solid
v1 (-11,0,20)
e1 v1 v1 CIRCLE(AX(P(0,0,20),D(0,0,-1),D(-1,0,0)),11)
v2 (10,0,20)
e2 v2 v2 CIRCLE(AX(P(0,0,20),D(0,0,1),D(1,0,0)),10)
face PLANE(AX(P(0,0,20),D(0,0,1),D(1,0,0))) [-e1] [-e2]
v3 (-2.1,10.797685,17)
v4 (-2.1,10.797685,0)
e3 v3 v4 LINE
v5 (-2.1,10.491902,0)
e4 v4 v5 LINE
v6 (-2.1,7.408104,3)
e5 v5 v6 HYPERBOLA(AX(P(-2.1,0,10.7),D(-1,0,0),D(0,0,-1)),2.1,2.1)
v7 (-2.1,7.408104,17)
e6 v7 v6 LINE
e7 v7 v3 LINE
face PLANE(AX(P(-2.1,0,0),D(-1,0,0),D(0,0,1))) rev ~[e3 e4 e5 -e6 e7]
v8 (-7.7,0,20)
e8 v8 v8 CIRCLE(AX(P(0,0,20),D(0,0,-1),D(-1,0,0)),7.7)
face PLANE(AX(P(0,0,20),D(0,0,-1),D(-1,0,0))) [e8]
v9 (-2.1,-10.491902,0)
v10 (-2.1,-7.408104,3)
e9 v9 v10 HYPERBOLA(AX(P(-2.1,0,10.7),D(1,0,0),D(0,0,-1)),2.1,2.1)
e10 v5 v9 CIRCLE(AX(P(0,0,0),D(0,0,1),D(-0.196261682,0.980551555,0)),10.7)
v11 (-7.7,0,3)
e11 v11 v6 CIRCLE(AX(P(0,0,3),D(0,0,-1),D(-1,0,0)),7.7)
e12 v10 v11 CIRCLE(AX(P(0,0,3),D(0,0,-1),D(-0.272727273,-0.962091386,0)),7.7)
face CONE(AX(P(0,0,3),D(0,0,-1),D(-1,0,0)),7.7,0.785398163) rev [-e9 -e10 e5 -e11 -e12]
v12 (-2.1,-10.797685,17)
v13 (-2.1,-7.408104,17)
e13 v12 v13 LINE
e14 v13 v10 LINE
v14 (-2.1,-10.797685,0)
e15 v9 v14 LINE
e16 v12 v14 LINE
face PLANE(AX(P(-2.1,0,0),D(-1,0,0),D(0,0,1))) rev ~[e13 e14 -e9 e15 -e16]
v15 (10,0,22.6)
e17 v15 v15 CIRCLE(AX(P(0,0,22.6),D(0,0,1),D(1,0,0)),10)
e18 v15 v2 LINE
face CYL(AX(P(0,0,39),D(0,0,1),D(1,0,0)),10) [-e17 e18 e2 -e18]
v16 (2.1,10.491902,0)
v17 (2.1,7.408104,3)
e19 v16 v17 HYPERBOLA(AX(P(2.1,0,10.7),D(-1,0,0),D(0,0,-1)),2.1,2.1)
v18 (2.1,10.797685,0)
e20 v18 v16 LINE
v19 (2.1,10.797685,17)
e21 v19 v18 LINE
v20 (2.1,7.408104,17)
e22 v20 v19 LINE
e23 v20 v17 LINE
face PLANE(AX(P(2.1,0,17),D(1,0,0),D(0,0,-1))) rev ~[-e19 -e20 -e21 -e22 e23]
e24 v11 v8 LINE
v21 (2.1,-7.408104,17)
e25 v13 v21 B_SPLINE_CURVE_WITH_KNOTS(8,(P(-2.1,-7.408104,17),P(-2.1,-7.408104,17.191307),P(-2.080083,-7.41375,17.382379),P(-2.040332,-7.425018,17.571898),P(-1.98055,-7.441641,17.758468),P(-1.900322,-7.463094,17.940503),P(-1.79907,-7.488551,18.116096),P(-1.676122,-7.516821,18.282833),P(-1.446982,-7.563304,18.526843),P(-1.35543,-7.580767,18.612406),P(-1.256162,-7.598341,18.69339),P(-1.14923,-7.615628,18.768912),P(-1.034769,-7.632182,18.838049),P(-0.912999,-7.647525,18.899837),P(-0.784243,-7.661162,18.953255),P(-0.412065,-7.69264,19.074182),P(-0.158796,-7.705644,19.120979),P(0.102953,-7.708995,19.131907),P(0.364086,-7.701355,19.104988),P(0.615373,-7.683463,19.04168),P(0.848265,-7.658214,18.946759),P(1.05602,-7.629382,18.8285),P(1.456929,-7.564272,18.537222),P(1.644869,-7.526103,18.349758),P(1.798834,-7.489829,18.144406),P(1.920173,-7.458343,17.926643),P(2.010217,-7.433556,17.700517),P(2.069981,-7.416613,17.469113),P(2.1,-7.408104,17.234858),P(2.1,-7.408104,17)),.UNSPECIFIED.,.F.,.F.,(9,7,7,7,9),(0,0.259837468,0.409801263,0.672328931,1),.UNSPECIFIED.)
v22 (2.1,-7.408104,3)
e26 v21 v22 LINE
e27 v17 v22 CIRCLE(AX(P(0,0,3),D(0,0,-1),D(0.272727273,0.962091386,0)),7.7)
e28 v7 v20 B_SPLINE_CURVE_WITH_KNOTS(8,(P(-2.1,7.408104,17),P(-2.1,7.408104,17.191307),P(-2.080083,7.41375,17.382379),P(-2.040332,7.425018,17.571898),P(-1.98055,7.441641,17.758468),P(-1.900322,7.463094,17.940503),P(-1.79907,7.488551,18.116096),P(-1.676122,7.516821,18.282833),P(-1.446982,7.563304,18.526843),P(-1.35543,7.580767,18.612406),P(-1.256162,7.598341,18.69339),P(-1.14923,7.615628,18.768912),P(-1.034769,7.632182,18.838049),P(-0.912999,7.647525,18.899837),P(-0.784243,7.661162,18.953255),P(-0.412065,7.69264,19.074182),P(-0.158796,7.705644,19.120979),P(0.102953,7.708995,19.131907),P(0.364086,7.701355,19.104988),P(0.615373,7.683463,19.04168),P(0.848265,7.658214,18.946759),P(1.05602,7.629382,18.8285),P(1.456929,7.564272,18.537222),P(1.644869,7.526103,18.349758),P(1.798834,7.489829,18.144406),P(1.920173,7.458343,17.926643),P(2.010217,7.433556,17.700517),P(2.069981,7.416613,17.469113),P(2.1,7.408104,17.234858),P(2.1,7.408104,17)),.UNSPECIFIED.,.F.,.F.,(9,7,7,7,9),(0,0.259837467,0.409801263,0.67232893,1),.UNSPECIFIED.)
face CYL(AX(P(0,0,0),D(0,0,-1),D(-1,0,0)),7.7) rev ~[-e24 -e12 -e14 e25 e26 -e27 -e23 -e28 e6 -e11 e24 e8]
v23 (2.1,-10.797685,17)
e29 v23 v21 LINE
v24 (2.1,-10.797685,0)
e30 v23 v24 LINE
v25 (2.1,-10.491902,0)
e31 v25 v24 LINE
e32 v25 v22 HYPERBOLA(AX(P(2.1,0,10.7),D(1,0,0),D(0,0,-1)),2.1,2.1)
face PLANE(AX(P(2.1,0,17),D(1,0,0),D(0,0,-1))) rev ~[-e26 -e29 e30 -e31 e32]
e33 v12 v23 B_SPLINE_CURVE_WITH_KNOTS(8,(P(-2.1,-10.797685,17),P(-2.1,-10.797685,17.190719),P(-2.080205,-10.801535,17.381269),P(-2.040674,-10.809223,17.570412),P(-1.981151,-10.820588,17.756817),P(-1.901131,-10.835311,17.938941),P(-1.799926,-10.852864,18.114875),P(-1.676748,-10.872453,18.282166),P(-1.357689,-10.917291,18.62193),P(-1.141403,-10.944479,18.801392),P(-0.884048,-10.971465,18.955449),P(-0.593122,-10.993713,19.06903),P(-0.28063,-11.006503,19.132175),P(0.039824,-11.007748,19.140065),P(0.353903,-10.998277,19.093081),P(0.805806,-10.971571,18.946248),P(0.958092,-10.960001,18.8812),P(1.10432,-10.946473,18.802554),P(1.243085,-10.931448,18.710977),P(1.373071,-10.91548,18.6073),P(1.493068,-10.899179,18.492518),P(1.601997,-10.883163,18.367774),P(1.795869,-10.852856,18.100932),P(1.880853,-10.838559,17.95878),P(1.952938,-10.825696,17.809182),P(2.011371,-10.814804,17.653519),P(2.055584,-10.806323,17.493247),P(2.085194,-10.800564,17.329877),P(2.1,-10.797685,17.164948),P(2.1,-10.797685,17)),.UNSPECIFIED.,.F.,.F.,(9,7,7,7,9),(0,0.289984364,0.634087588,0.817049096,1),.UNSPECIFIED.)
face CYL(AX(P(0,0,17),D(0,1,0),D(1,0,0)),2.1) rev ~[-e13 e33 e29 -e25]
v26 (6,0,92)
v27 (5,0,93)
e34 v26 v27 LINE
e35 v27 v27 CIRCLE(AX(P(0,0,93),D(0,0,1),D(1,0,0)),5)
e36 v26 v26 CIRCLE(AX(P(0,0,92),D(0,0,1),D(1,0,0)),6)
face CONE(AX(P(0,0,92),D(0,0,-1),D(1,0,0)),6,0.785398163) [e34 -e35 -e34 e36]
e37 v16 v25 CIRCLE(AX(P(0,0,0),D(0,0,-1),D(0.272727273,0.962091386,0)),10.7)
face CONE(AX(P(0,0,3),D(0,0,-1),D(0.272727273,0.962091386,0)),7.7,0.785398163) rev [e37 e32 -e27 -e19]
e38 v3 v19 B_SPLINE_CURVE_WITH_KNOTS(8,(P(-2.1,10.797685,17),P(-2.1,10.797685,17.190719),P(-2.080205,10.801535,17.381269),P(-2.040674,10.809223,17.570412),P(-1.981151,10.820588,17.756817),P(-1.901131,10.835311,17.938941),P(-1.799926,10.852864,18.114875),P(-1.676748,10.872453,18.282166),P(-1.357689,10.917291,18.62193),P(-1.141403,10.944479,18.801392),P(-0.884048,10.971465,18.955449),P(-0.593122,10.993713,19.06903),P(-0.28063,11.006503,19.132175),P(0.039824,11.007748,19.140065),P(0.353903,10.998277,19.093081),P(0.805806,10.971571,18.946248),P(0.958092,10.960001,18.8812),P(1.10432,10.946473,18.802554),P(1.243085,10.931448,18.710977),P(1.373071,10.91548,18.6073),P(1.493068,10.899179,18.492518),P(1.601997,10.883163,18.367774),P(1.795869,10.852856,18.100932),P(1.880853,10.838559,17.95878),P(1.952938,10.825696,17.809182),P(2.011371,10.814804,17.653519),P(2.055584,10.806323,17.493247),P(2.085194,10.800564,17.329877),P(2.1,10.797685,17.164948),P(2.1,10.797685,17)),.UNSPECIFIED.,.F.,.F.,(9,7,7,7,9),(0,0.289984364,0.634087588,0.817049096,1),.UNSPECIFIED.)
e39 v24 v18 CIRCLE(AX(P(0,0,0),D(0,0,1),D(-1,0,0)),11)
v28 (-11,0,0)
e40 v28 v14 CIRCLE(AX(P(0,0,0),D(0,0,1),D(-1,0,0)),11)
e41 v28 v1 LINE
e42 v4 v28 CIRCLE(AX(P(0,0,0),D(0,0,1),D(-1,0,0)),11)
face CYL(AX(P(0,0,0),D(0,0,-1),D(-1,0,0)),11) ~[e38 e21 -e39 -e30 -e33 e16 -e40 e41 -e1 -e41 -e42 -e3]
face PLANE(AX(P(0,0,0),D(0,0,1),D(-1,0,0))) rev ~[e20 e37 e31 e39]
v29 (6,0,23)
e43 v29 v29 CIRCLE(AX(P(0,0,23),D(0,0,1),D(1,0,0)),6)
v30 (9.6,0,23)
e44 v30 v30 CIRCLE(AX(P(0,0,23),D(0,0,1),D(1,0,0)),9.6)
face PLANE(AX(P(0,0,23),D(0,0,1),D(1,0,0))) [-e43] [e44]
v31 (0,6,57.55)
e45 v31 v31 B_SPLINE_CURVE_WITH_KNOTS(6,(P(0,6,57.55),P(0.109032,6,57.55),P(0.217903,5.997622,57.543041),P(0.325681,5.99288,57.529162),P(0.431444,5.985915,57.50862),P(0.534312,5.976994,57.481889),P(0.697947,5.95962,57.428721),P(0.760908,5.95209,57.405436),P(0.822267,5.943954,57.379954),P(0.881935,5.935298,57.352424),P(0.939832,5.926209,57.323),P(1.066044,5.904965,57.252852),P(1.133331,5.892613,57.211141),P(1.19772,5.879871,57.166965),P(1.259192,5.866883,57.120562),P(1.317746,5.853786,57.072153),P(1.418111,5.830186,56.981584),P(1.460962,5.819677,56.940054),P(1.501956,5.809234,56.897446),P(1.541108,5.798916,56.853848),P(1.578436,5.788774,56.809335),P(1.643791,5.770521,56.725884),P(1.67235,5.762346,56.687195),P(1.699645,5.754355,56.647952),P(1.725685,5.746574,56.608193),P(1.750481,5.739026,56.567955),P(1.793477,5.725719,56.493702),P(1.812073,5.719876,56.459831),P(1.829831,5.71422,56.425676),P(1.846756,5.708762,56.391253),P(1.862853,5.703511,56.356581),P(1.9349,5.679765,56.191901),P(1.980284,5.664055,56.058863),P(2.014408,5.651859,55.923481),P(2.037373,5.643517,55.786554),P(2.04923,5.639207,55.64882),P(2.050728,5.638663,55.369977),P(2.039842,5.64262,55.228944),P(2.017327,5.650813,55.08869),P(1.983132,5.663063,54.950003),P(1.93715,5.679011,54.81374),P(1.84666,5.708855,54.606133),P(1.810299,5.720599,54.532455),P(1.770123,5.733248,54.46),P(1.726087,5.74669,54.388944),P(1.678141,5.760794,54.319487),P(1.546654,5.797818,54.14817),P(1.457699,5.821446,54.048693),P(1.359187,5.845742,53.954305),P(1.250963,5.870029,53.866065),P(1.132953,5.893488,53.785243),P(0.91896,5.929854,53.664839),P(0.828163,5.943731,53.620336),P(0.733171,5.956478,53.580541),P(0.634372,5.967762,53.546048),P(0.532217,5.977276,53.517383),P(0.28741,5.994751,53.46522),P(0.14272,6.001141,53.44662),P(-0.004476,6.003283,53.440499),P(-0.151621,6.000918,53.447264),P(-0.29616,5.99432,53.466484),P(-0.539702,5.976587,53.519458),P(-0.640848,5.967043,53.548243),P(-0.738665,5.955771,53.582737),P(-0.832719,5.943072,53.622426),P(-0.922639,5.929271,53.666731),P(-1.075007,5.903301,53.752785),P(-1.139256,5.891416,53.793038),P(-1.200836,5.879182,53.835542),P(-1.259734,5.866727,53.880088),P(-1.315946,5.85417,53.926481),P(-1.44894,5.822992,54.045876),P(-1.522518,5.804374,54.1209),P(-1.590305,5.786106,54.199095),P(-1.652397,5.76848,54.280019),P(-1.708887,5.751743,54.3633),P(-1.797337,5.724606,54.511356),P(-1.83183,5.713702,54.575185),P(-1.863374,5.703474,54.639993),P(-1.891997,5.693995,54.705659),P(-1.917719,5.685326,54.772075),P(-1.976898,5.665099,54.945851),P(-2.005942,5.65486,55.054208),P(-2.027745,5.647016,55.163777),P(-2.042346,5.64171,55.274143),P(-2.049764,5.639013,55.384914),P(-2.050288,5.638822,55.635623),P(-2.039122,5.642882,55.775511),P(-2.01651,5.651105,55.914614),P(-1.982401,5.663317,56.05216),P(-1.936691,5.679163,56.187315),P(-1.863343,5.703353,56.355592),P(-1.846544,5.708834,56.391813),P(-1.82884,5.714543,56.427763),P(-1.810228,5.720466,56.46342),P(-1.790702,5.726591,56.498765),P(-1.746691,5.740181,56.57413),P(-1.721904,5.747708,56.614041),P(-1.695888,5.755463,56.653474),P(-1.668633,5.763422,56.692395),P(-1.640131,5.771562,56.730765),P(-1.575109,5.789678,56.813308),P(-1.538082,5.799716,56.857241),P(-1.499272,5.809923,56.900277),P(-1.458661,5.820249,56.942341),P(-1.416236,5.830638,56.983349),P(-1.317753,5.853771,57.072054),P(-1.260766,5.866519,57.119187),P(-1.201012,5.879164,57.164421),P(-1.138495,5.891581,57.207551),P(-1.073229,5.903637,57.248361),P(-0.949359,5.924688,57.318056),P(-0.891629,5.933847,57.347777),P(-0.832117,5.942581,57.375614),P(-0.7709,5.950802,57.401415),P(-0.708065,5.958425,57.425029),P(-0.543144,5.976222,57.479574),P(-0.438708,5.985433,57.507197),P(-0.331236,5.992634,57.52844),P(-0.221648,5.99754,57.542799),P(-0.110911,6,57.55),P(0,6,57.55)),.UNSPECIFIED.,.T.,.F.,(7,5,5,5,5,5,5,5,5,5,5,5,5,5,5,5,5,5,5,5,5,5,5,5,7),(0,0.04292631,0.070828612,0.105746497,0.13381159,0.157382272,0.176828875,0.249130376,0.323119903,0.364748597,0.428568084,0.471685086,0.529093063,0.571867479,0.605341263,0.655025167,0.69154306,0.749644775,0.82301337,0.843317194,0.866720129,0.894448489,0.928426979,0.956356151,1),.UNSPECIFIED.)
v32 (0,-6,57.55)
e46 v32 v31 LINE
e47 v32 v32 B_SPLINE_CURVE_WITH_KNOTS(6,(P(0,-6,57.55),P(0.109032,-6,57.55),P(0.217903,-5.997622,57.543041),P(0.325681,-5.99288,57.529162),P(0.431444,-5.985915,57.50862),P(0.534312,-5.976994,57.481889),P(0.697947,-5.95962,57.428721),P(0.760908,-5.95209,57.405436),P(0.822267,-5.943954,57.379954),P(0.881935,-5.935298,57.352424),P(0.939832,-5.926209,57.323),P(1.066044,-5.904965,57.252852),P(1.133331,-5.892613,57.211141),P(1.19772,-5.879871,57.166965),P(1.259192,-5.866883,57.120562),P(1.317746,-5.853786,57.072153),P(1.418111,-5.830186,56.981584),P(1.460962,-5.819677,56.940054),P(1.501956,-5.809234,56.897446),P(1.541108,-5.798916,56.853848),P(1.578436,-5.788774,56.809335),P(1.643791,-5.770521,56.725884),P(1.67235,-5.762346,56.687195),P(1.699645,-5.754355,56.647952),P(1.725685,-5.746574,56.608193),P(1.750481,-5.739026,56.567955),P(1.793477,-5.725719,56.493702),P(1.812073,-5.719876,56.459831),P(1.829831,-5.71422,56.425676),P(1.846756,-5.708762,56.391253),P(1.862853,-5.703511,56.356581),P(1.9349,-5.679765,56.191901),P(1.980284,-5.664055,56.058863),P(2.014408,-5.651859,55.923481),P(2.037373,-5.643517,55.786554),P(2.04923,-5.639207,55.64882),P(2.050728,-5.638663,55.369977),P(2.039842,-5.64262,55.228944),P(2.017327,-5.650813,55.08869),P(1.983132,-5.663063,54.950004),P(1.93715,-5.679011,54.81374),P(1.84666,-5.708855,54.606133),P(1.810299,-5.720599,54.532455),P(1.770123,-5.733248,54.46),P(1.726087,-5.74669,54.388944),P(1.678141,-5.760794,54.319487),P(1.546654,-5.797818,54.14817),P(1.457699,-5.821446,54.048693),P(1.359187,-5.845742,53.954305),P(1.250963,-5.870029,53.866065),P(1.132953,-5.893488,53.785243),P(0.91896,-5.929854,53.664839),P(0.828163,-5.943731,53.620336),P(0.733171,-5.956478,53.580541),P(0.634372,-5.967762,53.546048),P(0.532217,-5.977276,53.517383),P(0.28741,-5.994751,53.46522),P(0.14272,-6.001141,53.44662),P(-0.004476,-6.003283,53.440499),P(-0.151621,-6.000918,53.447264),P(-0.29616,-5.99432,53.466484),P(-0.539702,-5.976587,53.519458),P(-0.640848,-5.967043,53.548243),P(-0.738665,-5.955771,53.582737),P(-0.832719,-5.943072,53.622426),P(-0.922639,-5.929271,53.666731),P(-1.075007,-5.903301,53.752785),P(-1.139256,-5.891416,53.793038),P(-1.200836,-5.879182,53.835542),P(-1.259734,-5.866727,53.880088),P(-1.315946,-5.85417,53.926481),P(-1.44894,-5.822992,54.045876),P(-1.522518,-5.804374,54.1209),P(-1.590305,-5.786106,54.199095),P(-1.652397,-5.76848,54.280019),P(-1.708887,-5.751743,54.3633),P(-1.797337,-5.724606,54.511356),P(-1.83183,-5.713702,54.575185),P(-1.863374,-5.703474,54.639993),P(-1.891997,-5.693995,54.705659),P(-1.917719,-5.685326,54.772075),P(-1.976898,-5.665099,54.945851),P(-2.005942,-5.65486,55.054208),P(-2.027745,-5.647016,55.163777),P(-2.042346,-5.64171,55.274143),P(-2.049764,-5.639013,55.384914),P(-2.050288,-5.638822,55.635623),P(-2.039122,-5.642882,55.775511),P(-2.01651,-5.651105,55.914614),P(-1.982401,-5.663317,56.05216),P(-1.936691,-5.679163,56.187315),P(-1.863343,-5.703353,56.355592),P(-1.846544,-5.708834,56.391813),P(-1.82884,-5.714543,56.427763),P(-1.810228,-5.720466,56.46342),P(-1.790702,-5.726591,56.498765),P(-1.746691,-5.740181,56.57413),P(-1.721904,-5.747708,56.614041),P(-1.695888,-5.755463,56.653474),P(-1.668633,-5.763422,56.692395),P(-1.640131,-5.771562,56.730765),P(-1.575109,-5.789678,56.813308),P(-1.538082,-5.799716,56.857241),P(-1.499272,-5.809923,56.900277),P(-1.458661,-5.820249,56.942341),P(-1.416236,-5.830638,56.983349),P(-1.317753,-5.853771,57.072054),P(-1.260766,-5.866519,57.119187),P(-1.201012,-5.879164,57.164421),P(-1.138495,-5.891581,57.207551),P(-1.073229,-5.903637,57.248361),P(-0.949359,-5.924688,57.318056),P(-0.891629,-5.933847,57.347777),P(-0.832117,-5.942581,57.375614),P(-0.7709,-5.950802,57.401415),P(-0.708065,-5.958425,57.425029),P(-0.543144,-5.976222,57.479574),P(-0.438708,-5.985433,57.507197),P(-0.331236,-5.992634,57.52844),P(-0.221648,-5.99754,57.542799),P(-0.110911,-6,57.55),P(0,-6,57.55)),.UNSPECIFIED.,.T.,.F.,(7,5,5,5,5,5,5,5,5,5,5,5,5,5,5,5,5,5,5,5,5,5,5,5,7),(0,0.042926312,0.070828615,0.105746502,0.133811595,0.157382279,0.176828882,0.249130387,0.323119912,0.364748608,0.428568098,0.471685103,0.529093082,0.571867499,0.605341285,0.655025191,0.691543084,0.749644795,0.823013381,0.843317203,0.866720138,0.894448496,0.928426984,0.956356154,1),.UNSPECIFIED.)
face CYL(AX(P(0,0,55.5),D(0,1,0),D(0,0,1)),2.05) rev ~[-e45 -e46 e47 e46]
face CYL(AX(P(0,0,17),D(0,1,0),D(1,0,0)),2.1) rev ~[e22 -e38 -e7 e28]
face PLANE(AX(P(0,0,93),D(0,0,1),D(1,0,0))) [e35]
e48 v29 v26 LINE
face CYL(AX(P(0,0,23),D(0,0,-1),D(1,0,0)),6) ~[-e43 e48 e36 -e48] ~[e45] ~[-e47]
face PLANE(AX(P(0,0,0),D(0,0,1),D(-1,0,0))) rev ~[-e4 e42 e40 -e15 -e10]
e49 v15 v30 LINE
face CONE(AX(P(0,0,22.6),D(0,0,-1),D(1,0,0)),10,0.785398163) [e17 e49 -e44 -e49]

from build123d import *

# Parameters (mm, degrees)
SKETCH_1_R           = 11
EXTRUDE_1_DEPTH      = 29
SKETCH_2_OUTSIDE_W   = 32.506
SKETCH_2_OUTSIDE_H   = 32.506
SKETCH_2_OUTSIDE_R   = 10
CUT_EXTRUDE_1_DEPTH  = 9
SKETCH_3_R           = 7.7
CUT_EXTRUDE_2_DEPTH  = 20
SKETCH_4_R           = 2.1
CUT_EXTRUDE_3_DEPTH  = 25
CHAMFER_1_SIZE       = 3
EXTRUDE_START        = 10
SKETCH_5_R           = 10
EXTRUDE_2_DEPTH      = 10
CUT_EXTRUDE_5_DEPTH  = 19
CUT_EXTRUDE_6_DEPTH  = 19
CHAMFER_2_SIZE       = 0.4
SKETCH_12_R          = 10
CUT_EXTRUDE_9_DEPTH  = 16
SKETCH_13_R          = 4.1
CUT_EXTRUDE_10_DEPTH = 3
CHAMFER_3_SIZE       = 0.4
SKETCH_15_R          = 4.1
EXTRUDE_3_DEPTH      = 3
SKETCH_16_R          = 6
EXTRUDE_4_DEPTH      = 70
CHAMFER_4_SIZE       = 1
SKETCH_17_R          = 2.05
CUT_EXTRUDE_12_DEPTH = 35


with BuildPart() as part:
    # 草图1 → 凸台-拉伸1 (new body)
    with BuildSketch(Plane.XY):
        with Locations(Location((0, 0, 0), (0, 0, 180))):
            Circle(SKETCH_1_R)
    extrude(amount=EXTRUDE_1_DEPTH)

    # 草图2 outside → 切除-拉伸1 (cut)
    with BuildSketch(Plane.XY.offset(29)):
        Rectangle(SKETCH_2_OUTSIDE_W, SKETCH_2_OUTSIDE_H)
        Circle(SKETCH_2_OUTSIDE_R, mode=Mode.SUBTRACT)
    extrude(amount=-CUT_EXTRUDE_1_DEPTH, mode=Mode.SUBTRACT)

    # 草图3 → 切除-拉伸2 (cut)
    with BuildSketch(Plane(origin=(0, 0, 0), x_dir=(-1, 0, 0), z_dir=(0, 0, -1))):
        Circle(SKETCH_3_R)
    extrude(amount=-CUT_EXTRUDE_2_DEPTH, mode=Mode.SUBTRACT)

    # 草图4 → 切除-拉伸3 (cut, symmetric)
    with BuildSketch(Plane(origin=(0, 0, 0), x_dir=(1, 0, 0), z_dir=(0, 1, 0))):
        with BuildLine():
            Line((-2.1, 0), (-2.1, -17))
            ThreePointArc((-2.1, -17), (0, -14.9), (2.1, -17))
            Line((2.1, -17), (2.1, 0))
            Line((2.1, 0), (-2.1, 0))
        make_face()
        with Locations((0, -17)):
            Circle(SKETCH_4_R)
    extrude(amount=CUT_EXTRUDE_3_DEPTH, both=True, mode=Mode.SUBTRACT)

    # 倒角1
    chamfer_1_edges = [part.edges().sort_by_distance(p)[0] for p in [
        (7.7, 0, 0),
        (-6.142475071, -4.643274706, 0),
    ]]
    chamfer(chamfer_1_edges, length=CHAMFER_1_SIZE)

    # 草图5 → 凸台-拉伸2 (add)
    with BuildSketch(Plane.XY.offset(29).offset(EXTRUDE_START)):
        Circle(SKETCH_5_R)
    extrude(amount=-EXTRUDE_2_DEPTH)

    # 草图6 → 切除-拉伸5 (cut)
    with BuildSketch(Plane.XY.offset(39)):
        with BuildLine():
            Line((3.122498999, 2.5), (-3.122498999, 2.5))
            ThreePointArc((-3.122498999, 2.5), (-1.324764885, -3.774254628), (4, 0))
            ThreePointArc((4, 0), (3.774254628, 1.324764885), (3.122498999, 2.5))
        make_face()
    extrude(amount=-CUT_EXTRUDE_5_DEPTH, mode=Mode.SUBTRACT)

    # 草图7 → 切除-拉伸6 (cut)
    with BuildSketch(Plane.XY.offset(39)):
        with BuildLine():
            Line((3.170173497, 2.6), (-3.170173497, 2.6))
            ThreePointArc((-3.170173497, 2.6), (0, -4.1), (3.170173497, 2.6))
        make_face()
    extrude(amount=-CUT_EXTRUDE_6_DEPTH, mode=Mode.SUBTRACT)

    # 倒角2
    chamfer_2_edges = [part.edges().sort_by_distance(p)[0] for p in [
        (0, -4.1, 39),
        (0, 2.6, 39),
    ]]
    chamfer(chamfer_2_edges, length=CHAMFER_2_SIZE)

    # 草图12 → 切除-拉伸9 (cut)
    with BuildSketch(Plane.XY.offset(39)):
        Circle(SKETCH_12_R)
    extrude(amount=-CUT_EXTRUDE_9_DEPTH, mode=Mode.SUBTRACT)

    # 草图13 → 切除-拉伸10 (cut)
    with BuildSketch(Plane.XY.offset(23)):
        Circle(SKETCH_13_R)
    extrude(amount=-CUT_EXTRUDE_10_DEPTH, mode=Mode.SUBTRACT)

    # 倒角3
    chamfer_3_edges = [part.edges().sort_by_distance(p)[0] for p in [
        (-10, 0, 23),
    ]]
    chamfer(chamfer_3_edges, length=CHAMFER_3_SIZE)

    # 草图15 → 凸台-拉伸3 (add)
    with BuildSketch(Plane.XY.offset(23)):
        Circle(SKETCH_15_R)
    extrude(amount=-EXTRUDE_3_DEPTH)

    # 草图16 → 凸台-拉伸4 (add)
    with BuildSketch(Plane.XY.offset(23)):
        Circle(SKETCH_16_R)
    extrude(amount=EXTRUDE_4_DEPTH)

    # 倒角4
    chamfer_4_edges = [part.edges().sort_by_distance(p)[0] for p in [
        (-6, 0, 93),
    ]]
    chamfer(chamfer_4_edges, length=CHAMFER_4_SIZE)

    # 草图17 → 切除-拉伸12 (cut, symmetric)
    with BuildSketch(Plane(origin=(0, 0, 0), x_dir=(1, 0, 0), z_dir=(0, 1, 0))):
        with Locations(Location((0, -55.5, 0), (0, 0, 270))):
            Circle(SKETCH_17_R)
    extrude(amount=CUT_EXTRUDE_12_DEPTH, both=True, mode=Mode.SUBTRACT)


solid = part.part
